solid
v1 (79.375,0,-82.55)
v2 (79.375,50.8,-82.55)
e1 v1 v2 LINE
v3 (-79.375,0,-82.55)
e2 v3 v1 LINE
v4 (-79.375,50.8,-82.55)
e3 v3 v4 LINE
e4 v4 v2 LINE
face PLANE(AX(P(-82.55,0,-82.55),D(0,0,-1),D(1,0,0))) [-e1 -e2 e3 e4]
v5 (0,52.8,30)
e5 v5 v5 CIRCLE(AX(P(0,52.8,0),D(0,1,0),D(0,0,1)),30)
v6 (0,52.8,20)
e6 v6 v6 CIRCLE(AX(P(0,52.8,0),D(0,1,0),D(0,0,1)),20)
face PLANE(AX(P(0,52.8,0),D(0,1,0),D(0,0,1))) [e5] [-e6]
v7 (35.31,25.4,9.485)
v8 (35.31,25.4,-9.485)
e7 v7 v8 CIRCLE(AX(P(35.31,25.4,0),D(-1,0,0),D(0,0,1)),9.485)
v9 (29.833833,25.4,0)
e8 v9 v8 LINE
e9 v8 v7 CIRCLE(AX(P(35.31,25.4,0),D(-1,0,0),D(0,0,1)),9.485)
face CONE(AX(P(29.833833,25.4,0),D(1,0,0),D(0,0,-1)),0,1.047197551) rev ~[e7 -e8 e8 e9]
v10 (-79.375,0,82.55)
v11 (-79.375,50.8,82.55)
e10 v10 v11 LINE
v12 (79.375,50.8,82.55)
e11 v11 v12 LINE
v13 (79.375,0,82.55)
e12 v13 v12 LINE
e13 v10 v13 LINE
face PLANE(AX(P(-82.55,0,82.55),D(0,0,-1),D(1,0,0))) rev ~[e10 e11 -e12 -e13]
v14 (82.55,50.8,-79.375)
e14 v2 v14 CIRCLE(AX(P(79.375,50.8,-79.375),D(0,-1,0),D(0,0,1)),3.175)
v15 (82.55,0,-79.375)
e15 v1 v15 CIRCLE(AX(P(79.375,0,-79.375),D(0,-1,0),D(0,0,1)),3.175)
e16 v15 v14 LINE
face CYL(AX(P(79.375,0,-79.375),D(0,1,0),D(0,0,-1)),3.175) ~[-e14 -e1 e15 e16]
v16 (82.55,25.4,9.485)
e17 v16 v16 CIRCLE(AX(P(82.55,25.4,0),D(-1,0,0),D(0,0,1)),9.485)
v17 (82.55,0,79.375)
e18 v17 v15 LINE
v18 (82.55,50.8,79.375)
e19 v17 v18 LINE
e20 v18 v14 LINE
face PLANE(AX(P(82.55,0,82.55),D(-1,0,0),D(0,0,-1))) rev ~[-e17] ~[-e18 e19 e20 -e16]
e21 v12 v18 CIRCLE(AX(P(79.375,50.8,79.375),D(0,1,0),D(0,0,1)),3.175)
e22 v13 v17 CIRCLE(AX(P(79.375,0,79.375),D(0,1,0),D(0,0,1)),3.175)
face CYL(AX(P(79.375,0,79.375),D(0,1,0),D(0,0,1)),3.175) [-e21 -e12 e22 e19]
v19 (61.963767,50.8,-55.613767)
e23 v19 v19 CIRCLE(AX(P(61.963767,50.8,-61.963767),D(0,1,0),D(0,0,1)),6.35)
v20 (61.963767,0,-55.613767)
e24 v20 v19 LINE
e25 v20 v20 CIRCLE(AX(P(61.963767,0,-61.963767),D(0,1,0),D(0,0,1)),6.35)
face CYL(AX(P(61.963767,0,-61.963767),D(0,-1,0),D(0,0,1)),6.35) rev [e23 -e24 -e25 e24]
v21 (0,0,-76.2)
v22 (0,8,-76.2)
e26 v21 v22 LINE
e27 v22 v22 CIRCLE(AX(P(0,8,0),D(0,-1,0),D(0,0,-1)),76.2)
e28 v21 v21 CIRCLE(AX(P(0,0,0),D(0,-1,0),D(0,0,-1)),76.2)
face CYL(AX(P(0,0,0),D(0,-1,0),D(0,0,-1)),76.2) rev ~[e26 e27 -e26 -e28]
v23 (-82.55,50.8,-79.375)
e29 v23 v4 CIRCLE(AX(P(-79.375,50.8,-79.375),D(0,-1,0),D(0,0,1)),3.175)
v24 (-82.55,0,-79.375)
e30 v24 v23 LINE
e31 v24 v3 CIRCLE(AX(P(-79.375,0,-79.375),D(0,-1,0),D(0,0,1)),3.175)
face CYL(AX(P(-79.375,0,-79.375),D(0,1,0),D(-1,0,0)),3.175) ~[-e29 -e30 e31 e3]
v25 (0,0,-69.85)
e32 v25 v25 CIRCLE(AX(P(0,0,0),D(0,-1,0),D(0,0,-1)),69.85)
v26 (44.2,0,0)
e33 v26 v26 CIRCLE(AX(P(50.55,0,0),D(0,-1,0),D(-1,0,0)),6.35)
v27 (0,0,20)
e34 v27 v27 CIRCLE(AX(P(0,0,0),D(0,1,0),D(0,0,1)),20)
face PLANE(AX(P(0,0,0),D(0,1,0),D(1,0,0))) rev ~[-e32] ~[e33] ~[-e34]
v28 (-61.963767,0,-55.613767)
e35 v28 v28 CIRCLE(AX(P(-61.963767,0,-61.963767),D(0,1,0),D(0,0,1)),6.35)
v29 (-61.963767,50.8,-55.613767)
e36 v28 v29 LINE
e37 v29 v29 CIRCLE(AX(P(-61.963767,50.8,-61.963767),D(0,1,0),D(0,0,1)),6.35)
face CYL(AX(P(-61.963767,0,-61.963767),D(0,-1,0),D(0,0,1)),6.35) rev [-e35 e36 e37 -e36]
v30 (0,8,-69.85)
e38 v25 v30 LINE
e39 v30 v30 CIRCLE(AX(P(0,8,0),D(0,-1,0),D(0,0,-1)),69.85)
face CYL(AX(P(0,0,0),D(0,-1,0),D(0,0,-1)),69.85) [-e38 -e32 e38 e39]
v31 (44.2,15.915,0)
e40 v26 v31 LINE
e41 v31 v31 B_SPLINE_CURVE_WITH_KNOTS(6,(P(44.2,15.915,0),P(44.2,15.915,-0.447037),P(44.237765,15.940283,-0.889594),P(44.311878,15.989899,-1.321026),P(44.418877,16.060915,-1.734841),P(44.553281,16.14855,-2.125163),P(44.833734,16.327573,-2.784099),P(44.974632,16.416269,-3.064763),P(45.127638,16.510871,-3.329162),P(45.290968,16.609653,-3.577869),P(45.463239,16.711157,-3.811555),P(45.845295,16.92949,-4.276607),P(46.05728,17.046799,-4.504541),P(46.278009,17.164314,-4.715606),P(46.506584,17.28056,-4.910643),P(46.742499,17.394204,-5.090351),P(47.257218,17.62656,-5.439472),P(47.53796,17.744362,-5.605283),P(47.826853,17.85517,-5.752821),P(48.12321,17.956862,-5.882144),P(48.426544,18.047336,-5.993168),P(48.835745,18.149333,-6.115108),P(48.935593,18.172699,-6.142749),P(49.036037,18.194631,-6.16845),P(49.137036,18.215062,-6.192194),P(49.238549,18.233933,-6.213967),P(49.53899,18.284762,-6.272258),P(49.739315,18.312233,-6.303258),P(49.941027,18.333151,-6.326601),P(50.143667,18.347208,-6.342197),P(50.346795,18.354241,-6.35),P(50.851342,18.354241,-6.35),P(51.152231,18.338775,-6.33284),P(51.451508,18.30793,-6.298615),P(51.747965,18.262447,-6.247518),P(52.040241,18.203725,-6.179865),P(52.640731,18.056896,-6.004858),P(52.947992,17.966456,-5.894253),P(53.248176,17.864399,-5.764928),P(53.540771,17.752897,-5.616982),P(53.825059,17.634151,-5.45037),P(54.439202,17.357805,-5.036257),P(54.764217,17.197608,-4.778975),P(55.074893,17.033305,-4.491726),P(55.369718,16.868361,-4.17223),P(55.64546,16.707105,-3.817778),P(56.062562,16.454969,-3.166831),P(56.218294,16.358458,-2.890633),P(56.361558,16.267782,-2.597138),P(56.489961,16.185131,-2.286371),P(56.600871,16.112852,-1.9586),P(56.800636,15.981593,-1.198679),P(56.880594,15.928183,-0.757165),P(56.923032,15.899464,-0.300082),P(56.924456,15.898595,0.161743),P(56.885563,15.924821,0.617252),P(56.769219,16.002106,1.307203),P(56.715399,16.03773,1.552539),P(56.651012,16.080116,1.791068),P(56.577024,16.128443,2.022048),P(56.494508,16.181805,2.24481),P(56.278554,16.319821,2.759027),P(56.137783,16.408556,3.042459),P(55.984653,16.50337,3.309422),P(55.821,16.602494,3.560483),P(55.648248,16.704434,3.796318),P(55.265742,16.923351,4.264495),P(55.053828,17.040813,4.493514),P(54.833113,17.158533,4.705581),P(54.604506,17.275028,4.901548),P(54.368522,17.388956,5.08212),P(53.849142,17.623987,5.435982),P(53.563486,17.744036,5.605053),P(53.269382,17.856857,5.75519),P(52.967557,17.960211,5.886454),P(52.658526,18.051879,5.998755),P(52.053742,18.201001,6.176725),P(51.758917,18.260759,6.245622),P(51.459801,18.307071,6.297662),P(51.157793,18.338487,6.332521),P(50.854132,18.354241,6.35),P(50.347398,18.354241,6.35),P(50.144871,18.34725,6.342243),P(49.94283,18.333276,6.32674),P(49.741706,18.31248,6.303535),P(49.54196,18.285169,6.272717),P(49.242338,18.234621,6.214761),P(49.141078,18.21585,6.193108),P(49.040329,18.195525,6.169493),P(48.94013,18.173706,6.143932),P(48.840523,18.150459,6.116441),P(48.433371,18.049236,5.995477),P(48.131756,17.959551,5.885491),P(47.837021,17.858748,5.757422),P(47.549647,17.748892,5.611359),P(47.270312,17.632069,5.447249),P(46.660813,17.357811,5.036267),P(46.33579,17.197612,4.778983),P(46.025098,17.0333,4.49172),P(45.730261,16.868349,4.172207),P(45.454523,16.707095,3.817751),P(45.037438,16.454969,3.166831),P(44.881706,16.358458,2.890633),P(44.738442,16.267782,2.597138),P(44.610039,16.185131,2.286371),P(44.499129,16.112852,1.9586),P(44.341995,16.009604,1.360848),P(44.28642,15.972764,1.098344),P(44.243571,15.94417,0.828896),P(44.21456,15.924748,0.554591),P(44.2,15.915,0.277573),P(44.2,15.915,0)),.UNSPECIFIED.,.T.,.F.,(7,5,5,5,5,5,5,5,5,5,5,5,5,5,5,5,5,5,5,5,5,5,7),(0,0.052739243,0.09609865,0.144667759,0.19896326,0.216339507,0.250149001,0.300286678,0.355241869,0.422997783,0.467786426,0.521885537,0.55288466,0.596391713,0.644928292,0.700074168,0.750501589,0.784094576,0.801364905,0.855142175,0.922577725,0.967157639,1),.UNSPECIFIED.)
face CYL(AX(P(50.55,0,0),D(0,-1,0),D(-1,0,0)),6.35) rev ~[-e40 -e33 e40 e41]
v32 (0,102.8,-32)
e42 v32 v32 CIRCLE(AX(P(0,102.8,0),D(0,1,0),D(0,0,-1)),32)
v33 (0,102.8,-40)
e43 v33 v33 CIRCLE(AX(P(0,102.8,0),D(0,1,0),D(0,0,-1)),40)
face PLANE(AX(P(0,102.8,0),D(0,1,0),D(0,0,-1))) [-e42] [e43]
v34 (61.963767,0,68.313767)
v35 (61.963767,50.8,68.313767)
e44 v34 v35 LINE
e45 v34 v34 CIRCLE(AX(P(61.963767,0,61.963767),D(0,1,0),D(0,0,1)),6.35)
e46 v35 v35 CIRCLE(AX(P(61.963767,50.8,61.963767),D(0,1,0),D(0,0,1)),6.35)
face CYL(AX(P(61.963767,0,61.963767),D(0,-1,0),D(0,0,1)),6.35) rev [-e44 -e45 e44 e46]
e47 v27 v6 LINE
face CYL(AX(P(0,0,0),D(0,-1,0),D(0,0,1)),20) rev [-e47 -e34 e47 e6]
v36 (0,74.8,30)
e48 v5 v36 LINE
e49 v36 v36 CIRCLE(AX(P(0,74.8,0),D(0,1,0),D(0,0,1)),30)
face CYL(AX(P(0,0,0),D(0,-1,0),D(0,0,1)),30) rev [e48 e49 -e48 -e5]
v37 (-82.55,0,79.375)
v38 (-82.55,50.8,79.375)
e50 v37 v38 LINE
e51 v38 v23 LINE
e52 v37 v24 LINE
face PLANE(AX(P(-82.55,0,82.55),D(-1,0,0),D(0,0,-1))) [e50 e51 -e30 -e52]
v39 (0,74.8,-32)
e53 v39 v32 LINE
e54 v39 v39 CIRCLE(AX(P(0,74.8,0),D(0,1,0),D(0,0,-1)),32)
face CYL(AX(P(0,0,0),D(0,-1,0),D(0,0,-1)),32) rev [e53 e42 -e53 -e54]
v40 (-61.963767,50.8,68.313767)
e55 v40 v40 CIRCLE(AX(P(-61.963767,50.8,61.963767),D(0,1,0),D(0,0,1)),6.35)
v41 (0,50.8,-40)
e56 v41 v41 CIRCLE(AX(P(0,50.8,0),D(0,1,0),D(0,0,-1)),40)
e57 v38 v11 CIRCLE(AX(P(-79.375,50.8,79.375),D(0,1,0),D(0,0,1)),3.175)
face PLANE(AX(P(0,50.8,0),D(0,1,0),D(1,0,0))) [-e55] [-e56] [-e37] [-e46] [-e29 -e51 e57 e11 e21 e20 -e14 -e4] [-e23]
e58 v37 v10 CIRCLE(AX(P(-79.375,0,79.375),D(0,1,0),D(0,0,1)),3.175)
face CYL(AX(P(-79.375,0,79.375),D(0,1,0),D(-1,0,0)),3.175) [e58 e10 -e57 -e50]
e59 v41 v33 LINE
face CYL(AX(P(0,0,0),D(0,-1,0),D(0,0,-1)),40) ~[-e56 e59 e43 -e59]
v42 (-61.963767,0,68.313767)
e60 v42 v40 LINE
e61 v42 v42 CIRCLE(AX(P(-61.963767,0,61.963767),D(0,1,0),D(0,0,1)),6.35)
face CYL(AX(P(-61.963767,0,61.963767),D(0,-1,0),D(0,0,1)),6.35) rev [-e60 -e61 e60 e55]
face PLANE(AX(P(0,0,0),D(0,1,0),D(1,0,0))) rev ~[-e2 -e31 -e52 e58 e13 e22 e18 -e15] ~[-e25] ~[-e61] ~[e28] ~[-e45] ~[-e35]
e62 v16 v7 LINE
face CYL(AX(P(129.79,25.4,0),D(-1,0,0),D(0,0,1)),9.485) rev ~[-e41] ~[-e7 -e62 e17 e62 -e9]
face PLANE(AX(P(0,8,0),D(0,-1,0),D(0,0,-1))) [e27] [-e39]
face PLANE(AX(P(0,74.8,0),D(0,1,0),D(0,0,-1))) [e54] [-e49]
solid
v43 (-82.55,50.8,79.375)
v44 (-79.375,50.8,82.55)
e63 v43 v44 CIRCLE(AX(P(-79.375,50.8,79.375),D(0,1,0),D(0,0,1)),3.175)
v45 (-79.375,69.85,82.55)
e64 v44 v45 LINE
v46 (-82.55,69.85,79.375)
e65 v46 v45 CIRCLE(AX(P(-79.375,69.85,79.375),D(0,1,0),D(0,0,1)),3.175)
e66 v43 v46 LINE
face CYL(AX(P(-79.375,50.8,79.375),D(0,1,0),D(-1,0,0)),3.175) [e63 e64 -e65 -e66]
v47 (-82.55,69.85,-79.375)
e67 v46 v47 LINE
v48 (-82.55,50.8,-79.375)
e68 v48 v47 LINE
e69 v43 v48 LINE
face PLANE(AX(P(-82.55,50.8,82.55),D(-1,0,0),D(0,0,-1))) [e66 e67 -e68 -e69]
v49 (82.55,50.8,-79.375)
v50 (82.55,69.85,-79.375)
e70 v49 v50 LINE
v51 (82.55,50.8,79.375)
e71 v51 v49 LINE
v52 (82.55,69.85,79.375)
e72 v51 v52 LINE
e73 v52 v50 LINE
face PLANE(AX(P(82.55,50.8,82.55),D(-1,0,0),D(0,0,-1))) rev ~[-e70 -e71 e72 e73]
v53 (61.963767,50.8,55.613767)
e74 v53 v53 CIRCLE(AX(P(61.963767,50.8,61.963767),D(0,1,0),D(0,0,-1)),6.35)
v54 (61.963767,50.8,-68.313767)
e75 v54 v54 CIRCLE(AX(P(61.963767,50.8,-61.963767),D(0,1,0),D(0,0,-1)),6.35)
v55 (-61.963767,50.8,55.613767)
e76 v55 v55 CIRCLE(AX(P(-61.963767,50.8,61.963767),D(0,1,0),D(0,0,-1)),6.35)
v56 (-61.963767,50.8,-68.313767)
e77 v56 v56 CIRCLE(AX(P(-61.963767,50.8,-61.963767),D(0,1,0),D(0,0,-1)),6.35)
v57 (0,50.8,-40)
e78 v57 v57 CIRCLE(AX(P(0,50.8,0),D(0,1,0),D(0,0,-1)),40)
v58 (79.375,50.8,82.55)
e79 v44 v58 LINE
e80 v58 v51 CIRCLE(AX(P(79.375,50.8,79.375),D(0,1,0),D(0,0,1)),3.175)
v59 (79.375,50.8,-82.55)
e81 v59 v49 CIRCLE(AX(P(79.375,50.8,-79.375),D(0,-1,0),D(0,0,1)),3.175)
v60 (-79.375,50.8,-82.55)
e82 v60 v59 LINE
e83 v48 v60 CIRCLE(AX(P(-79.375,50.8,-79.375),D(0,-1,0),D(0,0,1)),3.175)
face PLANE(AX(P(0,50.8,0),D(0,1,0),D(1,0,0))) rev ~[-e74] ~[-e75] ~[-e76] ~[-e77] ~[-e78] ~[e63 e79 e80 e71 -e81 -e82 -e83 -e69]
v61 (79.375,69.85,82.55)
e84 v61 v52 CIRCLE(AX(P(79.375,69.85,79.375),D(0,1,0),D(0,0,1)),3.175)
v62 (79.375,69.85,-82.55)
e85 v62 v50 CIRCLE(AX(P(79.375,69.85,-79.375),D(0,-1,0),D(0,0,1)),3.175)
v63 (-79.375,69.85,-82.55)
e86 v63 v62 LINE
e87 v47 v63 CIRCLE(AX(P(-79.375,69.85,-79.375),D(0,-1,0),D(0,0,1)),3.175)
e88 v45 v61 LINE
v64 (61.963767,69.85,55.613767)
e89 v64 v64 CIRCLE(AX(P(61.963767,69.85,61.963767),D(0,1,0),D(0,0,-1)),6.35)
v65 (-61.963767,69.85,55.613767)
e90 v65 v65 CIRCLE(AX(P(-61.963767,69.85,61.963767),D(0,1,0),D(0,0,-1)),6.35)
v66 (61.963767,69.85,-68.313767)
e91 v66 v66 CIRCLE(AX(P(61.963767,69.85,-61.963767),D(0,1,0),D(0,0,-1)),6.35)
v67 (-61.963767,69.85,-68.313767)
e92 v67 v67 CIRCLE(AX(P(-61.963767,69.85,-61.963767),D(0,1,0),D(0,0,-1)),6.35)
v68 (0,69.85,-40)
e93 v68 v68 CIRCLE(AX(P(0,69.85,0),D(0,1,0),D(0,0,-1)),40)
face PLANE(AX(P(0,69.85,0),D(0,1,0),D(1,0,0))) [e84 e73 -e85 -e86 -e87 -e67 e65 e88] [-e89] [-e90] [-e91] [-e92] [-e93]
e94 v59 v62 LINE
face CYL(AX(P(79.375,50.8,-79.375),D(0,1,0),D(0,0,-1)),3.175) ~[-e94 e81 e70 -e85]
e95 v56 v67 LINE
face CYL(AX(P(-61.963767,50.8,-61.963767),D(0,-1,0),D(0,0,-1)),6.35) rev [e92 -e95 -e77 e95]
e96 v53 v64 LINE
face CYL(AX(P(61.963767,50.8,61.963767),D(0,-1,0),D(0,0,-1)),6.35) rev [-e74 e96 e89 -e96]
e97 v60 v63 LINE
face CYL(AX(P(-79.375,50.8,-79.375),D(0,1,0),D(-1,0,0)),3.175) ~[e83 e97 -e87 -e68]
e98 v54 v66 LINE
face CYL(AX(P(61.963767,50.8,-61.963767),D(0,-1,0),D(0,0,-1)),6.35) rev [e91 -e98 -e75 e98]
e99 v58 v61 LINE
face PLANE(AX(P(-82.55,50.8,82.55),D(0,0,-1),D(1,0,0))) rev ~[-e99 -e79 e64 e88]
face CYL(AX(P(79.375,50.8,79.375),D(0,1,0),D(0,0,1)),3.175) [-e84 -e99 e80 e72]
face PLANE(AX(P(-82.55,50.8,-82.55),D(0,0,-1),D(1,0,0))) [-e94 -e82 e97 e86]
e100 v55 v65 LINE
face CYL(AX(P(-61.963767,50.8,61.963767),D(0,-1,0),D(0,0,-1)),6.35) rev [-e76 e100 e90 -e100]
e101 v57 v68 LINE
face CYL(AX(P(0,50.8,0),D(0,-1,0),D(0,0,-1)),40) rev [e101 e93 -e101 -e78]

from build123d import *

# Parameters (mm, degrees)
SKETCH1_R                  = 40
SKETCH1_R_2                = 32
BOSS_EXTRUDE1_DEPTH        = 102.8
SKETCH1_3_R                = 32
SKETCH1_3_R_2              = 30
BOSS_EXTRUDE2_DEPTH        = 74.8
SKETCH1_4_R                = 30
SKETCH1_4_R_2              = 20
BOSS_EXTRUDE3_DEPTH        = 52.8
SKETCH1_5_W                = 165.1
SKETCH1_5_H                = 165.1
SKETCH1_5_R                = 6.35
SKETCH1_5_R_2              = 40
BOSS_EXTRUDE4_DEPTH        = 50.8
SKETCH2_R                  = 76.2
SKETCH2_R_2                = 69.85
CUT_EXTRUDE1_DEPTH         = 8
F_1_0MM_DOWEL_HOLE1_D      = 18.97
F_1_0MM_DOWEL_HOLE1_DEPTH  = 47.24
F_1_0MM_DOWEL_HOLE1_TIP    = 5.476167303
F_1_0MM_DOWEL_HOLE3_REACH  = 157.553
F_1_0MM_DOWEL_HOLE3_BORE_R = 6.35
SKETCH12_W                 = 165.1
SKETCH12_H                 = 165.1
SKETCH12_R                 = 40
SKETCH12_R_2               = 6.35
BOSS_EXTRUDE5_DEPTH        = 19.05
FILLET3_R                  = 3.175
FILLET4_R                  = 3.175


with BuildPart() as part:
    # Sketch1 → Boss-Extrude1 (new body)
    with BuildSketch(Plane(origin=(0, 0, 0), x_dir=(1, 0, 0), z_dir=(0, 1, 0))):
        with Locations(Location((0, 0, 0), (0, 0, 90))):
            Circle(SKETCH1_R)
        with Locations(Location((0, 0, 0), (0, 0, 90))):
            Circle(SKETCH1_R_2, mode=Mode.SUBTRACT)
    extrude(amount=BOSS_EXTRUDE1_DEPTH)

    # Sketch1<3> → Boss-Extrude2 (add)
    with BuildSketch(Plane(origin=(0, 0, 0), x_dir=(1, 0, 0), z_dir=(0, 1, 0))):
        with Locations(Location((0, 0, 0), (0, 0, 90))):
            Circle(SKETCH1_3_R)
        with Locations(Location((0, 0, 0), (0, 0, 270))):
            Circle(SKETCH1_3_R_2, mode=Mode.SUBTRACT)
    extrude(amount=BOSS_EXTRUDE2_DEPTH)

    # Sketch1<4> → Boss-Extrude3 (add)
    with BuildSketch(Plane(origin=(0, 0, 0), x_dir=(1, 0, 0), z_dir=(0, 1, 0))):
        with Locations(Location((0, 0, 0), (0, 0, 270))):
            Circle(SKETCH1_4_R)
        with Locations(Location((0, 0, 0), (0, 0, 270))):
            Circle(SKETCH1_4_R_2, mode=Mode.SUBTRACT)
    extrude(amount=BOSS_EXTRUDE3_DEPTH)

    # Sketch1<5> → Boss-Extrude4 (add)
    with BuildSketch(Plane(origin=(0, 0, 0), x_dir=(1, 0, 0), z_dir=(0, 1, 0))):
        Rectangle(SKETCH1_5_W, SKETCH1_5_H)
        with Locations(Location((-61.963767235, -61.963767235, 0), (0, 0, 270))):
            Circle(SKETCH1_5_R, mode=Mode.SUBTRACT)
        with Locations(Location((61.963767235, -61.963767235, 0), (0, 0, 270))):
            Circle(SKETCH1_5_R, mode=Mode.SUBTRACT)
        with Locations(Location((61.963767235, 61.963767235, 0), (0, 0, 270))):
            Circle(SKETCH1_5_R, mode=Mode.SUBTRACT)
        with Locations(Location((-61.963767235, 61.963767235, 0), (0, 0, 270))):
            Circle(SKETCH1_5_R, mode=Mode.SUBTRACT)
        with Locations(Location((0, 0, 0), (0, 0, 90))):
            Circle(SKETCH1_5_R_2, mode=Mode.SUBTRACT)
    extrude(amount=BOSS_EXTRUDE4_DEPTH)

    # Sketch2 → Cut-Extrude1 (cut)
    with BuildSketch(Plane.XZ):
        with Locations(Location((0, 0, 0), (0, 0, 270))):
            Circle(SKETCH2_R)
        with Locations(Location((0, 0, 0), (0, 0, 270))):
            Circle(SKETCH2_R_2, mode=Mode.SUBTRACT)
    extrude(amount=-CUT_EXTRUDE1_DEPTH, mode=Mode.SUBTRACT)

    # Ø1.0mm Dowel Hole1
    with Locations(Plane(origin=(82.55, 0, 0), x_dir=(0, 0, -1), z_dir=(1, 0, 0))):
        with Locations((0, 25.4)):
            Hole(F_1_0MM_DOWEL_HOLE1_D / 2, depth=F_1_0MM_DOWEL_HOLE1_DEPTH)
            with Locations((0, 0, -(F_1_0MM_DOWEL_HOLE1_DEPTH + F_1_0MM_DOWEL_HOLE1_TIP / 2))):  # 120° drill point
                Cone(0, F_1_0MM_DOWEL_HOLE1_D / 2, F_1_0MM_DOWEL_HOLE1_TIP, mode=Mode.SUBTRACT)

    # Ø1.0mm Dowel Hole3 bore → Ø1.0mm Dowel Hole3 (cut, up to next)
    with BuildSketch(Plane(origin=(0, 0, 0), x_dir=(-1, 0, 0), z_dir=(0, -1, 0)), mode=Mode.PRIVATE) as f_1_0mm_dowel_hole3_sk1:
        with Locations((-50.55, 0)):
            Circle(F_1_0MM_DOWEL_HOLE3_BORE_R)
    f_1_0mm_dowel_hole3_tool1 = extrude(f_1_0mm_dowel_hole3_sk1.sketch, amount=-F_1_0MM_DOWEL_HOLE3_REACH, mode=Mode.PRIVATE) & part.part
    add(f_1_0mm_dowel_hole3_tool1.solids().sort_by_distance((50.55, 0, 0))[0], mode=Mode.SUBTRACT)

    # Fillet3
    fillet3_edges = [part.edges().sort_by_distance(p)[0] for p in [
        (82.55, 25.4, 82.55),
        (82.55, 25.4, -82.55),
        (-82.55, 25.4, -82.55),
        (-82.55, 25.4, 82.55),
    ]]
    fillet(fillet3_edges, radius=FILLET3_R)


with BuildPart() as body_2:
    # Sketch12 → Boss-Extrude5 (new body)
    with BuildSketch(Plane(origin=(0, 50.8, 0), x_dir=(1, 0, 0), z_dir=(0, 1, 0))):
        Rectangle(SKETCH12_W, SKETCH12_H)
        with Locations(Location((0, 0, 0), (0, 0, 90))):
            Circle(SKETCH12_R, mode=Mode.SUBTRACT)
        with Locations(Location((-61.963767235, -61.963767235, 0), (0, 0, 90))):
            Circle(SKETCH12_R_2, mode=Mode.SUBTRACT)
        with Locations(Location((-61.963767235, 61.963767235, 0), (0, 0, 90))):
            Circle(SKETCH12_R_2, mode=Mode.SUBTRACT)
        with Locations(Location((61.963767235, 61.963767235, 0), (0, 0, 90))):
            Circle(SKETCH12_R_2, mode=Mode.SUBTRACT)
        with Locations(Location((61.963767235, -61.963767235, 0), (0, 0, 90))):
            Circle(SKETCH12_R_2, mode=Mode.SUBTRACT)
    extrude(amount=BOSS_EXTRUDE5_DEPTH)

    # Fillet4
    fillet4_edges = [body_2.edges().sort_by_distance(p)[0] for p in [
        (-82.55, 60.325, 82.55),
        (-82.55, 60.325, -82.55),
        (82.55, 60.325, -82.55),
        (82.55, 60.325, 82.55),
    ]]
    fillet(fillet4_edges, radius=FILLET4_R)


solid = Compound([part.part, body_2.part])
